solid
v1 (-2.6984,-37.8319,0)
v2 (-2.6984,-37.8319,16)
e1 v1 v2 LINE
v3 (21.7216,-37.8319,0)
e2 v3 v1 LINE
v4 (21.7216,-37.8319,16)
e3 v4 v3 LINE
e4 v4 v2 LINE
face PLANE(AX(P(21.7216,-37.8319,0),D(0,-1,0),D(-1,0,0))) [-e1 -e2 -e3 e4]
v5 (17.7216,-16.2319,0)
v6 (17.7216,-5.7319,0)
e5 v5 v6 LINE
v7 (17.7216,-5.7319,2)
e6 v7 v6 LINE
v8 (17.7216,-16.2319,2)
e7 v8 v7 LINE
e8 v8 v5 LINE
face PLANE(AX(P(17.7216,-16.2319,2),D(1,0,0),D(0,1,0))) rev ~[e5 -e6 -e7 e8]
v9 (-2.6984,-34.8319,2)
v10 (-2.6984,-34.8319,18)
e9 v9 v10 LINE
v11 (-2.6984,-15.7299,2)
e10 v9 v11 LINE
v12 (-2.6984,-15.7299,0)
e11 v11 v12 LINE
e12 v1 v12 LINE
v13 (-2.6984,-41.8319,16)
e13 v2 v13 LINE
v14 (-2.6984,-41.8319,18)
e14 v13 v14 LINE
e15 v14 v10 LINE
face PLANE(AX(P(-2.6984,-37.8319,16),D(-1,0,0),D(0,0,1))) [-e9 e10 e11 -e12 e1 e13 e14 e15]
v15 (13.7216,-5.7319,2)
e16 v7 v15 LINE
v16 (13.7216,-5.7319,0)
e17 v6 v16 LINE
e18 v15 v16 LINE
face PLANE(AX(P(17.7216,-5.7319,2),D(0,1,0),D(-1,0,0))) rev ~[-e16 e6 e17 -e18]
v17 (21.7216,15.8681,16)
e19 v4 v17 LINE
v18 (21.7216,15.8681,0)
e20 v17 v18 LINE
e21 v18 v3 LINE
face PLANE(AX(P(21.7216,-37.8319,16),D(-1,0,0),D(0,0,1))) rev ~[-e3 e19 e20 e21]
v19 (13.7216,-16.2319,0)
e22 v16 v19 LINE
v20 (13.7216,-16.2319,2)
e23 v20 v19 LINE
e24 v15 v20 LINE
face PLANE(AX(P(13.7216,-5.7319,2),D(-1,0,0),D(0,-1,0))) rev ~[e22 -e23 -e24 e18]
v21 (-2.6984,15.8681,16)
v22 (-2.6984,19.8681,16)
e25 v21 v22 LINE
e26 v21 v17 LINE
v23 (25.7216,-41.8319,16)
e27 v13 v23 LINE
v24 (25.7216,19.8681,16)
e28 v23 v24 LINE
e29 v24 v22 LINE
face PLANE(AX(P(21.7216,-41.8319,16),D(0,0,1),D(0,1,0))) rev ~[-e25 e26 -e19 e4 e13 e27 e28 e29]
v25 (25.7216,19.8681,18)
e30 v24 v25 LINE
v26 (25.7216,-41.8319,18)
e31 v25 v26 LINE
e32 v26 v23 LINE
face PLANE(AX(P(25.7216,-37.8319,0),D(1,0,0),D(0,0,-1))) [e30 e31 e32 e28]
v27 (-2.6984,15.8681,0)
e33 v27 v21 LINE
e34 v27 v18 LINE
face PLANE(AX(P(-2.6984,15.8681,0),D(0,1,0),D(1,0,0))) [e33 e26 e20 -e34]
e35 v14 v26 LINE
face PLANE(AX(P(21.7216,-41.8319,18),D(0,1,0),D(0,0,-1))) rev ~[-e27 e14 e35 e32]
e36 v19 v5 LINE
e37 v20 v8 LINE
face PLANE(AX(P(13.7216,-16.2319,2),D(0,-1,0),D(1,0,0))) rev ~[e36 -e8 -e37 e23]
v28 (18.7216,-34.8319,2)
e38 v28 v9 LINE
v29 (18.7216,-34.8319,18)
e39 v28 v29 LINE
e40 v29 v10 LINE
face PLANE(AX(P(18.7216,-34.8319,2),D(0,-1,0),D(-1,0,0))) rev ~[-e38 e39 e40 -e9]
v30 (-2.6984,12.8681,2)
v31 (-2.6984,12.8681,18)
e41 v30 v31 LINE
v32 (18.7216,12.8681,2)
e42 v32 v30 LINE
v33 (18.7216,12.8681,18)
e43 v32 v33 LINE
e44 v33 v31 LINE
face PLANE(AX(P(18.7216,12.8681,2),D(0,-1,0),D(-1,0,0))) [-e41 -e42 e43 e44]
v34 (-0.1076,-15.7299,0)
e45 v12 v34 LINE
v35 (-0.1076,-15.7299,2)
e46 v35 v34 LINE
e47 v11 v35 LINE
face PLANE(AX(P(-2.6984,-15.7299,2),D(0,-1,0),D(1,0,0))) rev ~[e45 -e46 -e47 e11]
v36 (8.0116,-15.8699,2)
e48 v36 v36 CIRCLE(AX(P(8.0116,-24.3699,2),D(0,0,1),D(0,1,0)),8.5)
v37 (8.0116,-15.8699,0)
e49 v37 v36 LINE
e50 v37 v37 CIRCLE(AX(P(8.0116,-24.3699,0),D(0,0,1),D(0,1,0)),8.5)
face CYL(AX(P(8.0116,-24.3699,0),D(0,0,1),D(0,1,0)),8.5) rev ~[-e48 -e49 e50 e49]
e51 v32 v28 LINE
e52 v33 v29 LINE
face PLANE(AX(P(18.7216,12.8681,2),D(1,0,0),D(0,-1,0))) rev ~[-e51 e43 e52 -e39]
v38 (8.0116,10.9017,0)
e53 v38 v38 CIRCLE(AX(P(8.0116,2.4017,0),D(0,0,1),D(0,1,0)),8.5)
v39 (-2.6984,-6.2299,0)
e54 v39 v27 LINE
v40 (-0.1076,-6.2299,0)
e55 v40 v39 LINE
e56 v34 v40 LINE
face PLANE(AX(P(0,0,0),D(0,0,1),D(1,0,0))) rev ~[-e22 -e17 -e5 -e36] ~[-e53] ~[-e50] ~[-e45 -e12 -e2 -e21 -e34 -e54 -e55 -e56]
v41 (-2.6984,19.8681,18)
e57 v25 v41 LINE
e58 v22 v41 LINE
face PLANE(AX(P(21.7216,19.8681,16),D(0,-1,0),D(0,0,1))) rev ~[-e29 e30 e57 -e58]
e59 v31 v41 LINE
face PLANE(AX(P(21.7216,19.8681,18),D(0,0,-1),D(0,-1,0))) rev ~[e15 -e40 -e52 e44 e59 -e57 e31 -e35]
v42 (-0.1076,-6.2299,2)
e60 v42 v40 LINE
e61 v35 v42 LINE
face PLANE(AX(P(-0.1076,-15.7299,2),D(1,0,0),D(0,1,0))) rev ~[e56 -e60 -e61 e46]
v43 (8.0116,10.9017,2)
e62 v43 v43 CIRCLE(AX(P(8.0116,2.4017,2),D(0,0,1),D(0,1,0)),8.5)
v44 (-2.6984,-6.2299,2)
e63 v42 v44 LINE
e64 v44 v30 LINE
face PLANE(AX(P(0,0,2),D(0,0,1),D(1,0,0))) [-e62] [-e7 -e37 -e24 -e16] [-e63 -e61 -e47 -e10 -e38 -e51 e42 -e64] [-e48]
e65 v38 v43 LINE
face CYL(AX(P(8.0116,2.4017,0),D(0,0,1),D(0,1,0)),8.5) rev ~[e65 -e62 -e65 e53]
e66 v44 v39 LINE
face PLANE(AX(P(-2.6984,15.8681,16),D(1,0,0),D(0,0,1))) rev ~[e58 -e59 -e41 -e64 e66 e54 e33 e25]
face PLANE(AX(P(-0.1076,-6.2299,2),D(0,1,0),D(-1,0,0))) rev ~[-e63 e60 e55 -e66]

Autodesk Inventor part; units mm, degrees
ref_plane "YZ Plane" through (0, 0, 0) normal (1, 0, 0) x (0, 1, 0)
ref_plane "XZ Plane" through (0, 0, 0) normal (0, 1, 0) x (-1, 0, 0)
ref_plane "XY Plane" through (0, 0, 0) normal (0, 0, 1) x (1, 0, 0)
sketch "Sketch1" plane through (0, 0, 0) normal (0, 0, 1) x (1, 0, 0)
  line L0 (-2.6984, 15.8681) -> (21.7216, 15.8681)
  line L1 (21.7216, 15.8681) -> (21.7216, -37.8319)
  line L2 (21.7216, -37.8319) -> (-2.6984, -37.8319)
  line L3 (-2.6984, -37.8319) -> (-2.6984, 15.8681)
  point P0 (0, 0)
  dimension "d0" = 53.7
  dimension "d1" = 24.42
extrude "Extrusion1" add sketch "Sketch1" along normal blind 2
sketch "Sketch2" plane through (0, 0, 2) normal (0, 0, 1) x (1, 0, 0)
  line L0 (-2.6984, -37.8319) -> (21.7216, -37.8319) projected
  line L1 (21.7216, 15.8681) -> (18.7216, 15.8681)
  line L2 (18.7216, 15.8681) -> (18.7216, -37.8319)
  line L3 (18.7216, -37.8319) -> (21.7216, -37.8319)
  line L4 (21.7216, -37.8319) -> (21.7216, 15.8681)
  line L5 (21.7216, -37.8319) -> (21.7216, 15.8681) projected
  line L6 (-2.6984, 15.8681) -> (21.7216, 15.8681)
  line L7 (21.7216, 15.8681) -> (21.7216, 12.8681)
  line L8 (21.7216, 12.8681) -> (-2.6984, 12.8681)
  line L9 (-2.6984, 12.8681) -> (-2.6984, 15.8681)
  line L10 (-2.6984, -37.8319) -> (21.7216, -37.8319)
  line L11 (21.7216, -37.8319) -> (21.7216, -34.8319)
  line L12 (21.7216, -34.8319) -> (-2.6984, -34.8319)
  line L13 (-2.6984, -34.8319) -> (-2.6984, -37.8319)
  point P0 (0, 0)
  dimension "d4" = 3
  dimension "d5" = 3
  dimension "d6" = 3
extrude "Extrusion2" add sketch "Sketch2" along normal blind 16
sketch "Sketch3" plane through (0, 0, 0) normal (0, 0, -1) x (-1, 0, 0)
  point P0 (0, 0)
sketch "Sketch4" plane through (0, 0, 0) normal (0, 0, -1) x (-1, 0, 0)
  circle A0 centre (-8.0116, 2.4017) radius 8.5
  circle A1 centre (-8.0116, -24.3699) radius 8.5
  line L0 (2.6984, -37.8319) -> (2.6984, 15.8681) projected
  line L1 (-21.7216, -37.8319) -> (2.6984, -37.8319) projected
  line L2 (2.6984, 15.8681) -> (-21.7216, 15.8681) projected
  line L3 (-18.7216, 12.8681) -> (-18.7216, -34.8319) projected
  point P0 (0, 0)
  dimension "d9" = 17
  dimension "d10" = 17
  dimension "d11" = 10.71
  dimension "d12" = 10.71
  dimension "d13" = 26.7716
  dimension "d14" = 13.462
  dimension "d15" = 13.4664
  dimension "d45" = 24.42
  dimension "d46" = 21.42
hole "Hole1" at (8.0116, 2.4017, 0) at (8.0116, -24.3699, 0) direction (0, 0, 1) diameter 17 depth 2 tip angle 118
sketch "Sketch5" plane through (0, 0, 2) normal (0, 0, 1) x (1, 0, 0)
  line L0 (-0.1076, -6.2299) -> (-2.6984, -6.2299)
  line L1 (-2.6984, -6.2299) -> (-2.6984, -15.7299)
  line L2 (-2.6984, -15.7299) -> (-0.1076, -15.7299)
  line L3 (-0.1076, -15.7299) -> (-0.1076, -6.2299)
  line L4 (21.7216, 15.8681) -> (-2.6984, 15.8681) projected
  line L5 (-2.6984, -37.8319) -> (21.7216, -37.8319) projected
  line L6 (-2.6984, 12.8681) -> (-2.6984, -34.8319) projected
  point P0 (0, 0)
  dimension "d23" = 9.5
  dimension "d24" = 22.098
  dimension "d25" = 22.102
  dimension "d26" = 2.5908
  dimension "d27" = 0
  dimension "d47" = 2.5908
extrude "Extrusion3" cut sketch "Sketch5" against normal blind 10
sketch "Sketch6" plane through (0, 0, 2) normal (0, 0, 1) x (1, 0, 0)
  line L0 (17.7216, -5.7319) -> (13.7216, -5.7319)
  line L1 (13.7216, -5.7319) -> (13.7216, -16.2319)
  line L2 (13.7216, -16.2319) -> (17.7216, -16.2319)
  line L3 (17.7216, -16.2319) -> (17.7216, -5.7319)
  line L4 (21.7216, 15.8681) -> (21.7216, -37.8319) projected
  line L5 (-2.6984, -37.8319) -> (21.7216, -37.8319) projected
  line L6 (21.7216, 15.8681) -> (-2.6984, 15.8681) projected
  point P0 (0, 0)
  dimension "d30" = 4
  dimension "d31" = 10.5
  dimension "d32" = 4
  dimension "d33" = 21.6
  dimension "d34" = 21.6
extrude "Extrusion4" cut sketch "Sketch6" against normal blind 10
sketch "Sketch7" plane through (-2.6984, 15.8681, 0) normal (0, 1, 0) x (1, 0, 0)
  line L0 (0, -2) -> (0, -18) projected
  line L1 (24.42, -18) -> (0, -18)
  line L2 (0, -18) -> (0, -16)
  line L3 (0, -16) -> (24.42, -16)
  line L4 (24.42, -16) -> (24.42, -18)
  point P0 (2.6984, 0)
  dimension "d37" = 2
extrude "Extrusion5" add sketch "Sketch7" along normal blind 4
sketch "Sketch8" plane through (21.7216, -37.8319, 0) normal (1, 0, 0) x (0, 0, -1)
  point P0 (0, 37.8319)
sketch "Sketch9" plane through (-2.6984, -37.8319, 0) normal (0, -1, 0) x (1, 0, 0)
  line L0 (24.42, 0) -> (24.42, 18) projected
  line L1 (0, 18) -> (24.42, 18)
  line L2 (24.42, 18) -> (24.42, 16)
  line L3 (24.42, 16) -> (0, 16)
  line L4 (0, 16) -> (0, 18)
  point P0 (2.6984, 0)
  dimension "d40" = 2
extrude "Extrusion6" add sketch "Sketch9" along normal blind 4
sketch "Sketch10" plane through (21.7216, -37.8319, 0) normal (1, 0, 0) x (0, 0, -1)
  line L0 (-18, -4) -> (-16, -4)
  line L1 (-16, -4) -> (-16, 57.7)
  line L2 (-16, 57.7) -> (-18, 57.7)
  line L3 (-18, 57.7) -> (-18, -4)
  point P0 (0, 37.8319)
extrude "Extrusion7" add sketch "Sketch10" along normal blind 4
equation "\"d11\" = 0.5 * d46"
equation "\"d12\" = 0.5 * d46"
equation "\"d33\" = d34"
properties part number "Sonar_Bracket" material "ABS Plastic"
